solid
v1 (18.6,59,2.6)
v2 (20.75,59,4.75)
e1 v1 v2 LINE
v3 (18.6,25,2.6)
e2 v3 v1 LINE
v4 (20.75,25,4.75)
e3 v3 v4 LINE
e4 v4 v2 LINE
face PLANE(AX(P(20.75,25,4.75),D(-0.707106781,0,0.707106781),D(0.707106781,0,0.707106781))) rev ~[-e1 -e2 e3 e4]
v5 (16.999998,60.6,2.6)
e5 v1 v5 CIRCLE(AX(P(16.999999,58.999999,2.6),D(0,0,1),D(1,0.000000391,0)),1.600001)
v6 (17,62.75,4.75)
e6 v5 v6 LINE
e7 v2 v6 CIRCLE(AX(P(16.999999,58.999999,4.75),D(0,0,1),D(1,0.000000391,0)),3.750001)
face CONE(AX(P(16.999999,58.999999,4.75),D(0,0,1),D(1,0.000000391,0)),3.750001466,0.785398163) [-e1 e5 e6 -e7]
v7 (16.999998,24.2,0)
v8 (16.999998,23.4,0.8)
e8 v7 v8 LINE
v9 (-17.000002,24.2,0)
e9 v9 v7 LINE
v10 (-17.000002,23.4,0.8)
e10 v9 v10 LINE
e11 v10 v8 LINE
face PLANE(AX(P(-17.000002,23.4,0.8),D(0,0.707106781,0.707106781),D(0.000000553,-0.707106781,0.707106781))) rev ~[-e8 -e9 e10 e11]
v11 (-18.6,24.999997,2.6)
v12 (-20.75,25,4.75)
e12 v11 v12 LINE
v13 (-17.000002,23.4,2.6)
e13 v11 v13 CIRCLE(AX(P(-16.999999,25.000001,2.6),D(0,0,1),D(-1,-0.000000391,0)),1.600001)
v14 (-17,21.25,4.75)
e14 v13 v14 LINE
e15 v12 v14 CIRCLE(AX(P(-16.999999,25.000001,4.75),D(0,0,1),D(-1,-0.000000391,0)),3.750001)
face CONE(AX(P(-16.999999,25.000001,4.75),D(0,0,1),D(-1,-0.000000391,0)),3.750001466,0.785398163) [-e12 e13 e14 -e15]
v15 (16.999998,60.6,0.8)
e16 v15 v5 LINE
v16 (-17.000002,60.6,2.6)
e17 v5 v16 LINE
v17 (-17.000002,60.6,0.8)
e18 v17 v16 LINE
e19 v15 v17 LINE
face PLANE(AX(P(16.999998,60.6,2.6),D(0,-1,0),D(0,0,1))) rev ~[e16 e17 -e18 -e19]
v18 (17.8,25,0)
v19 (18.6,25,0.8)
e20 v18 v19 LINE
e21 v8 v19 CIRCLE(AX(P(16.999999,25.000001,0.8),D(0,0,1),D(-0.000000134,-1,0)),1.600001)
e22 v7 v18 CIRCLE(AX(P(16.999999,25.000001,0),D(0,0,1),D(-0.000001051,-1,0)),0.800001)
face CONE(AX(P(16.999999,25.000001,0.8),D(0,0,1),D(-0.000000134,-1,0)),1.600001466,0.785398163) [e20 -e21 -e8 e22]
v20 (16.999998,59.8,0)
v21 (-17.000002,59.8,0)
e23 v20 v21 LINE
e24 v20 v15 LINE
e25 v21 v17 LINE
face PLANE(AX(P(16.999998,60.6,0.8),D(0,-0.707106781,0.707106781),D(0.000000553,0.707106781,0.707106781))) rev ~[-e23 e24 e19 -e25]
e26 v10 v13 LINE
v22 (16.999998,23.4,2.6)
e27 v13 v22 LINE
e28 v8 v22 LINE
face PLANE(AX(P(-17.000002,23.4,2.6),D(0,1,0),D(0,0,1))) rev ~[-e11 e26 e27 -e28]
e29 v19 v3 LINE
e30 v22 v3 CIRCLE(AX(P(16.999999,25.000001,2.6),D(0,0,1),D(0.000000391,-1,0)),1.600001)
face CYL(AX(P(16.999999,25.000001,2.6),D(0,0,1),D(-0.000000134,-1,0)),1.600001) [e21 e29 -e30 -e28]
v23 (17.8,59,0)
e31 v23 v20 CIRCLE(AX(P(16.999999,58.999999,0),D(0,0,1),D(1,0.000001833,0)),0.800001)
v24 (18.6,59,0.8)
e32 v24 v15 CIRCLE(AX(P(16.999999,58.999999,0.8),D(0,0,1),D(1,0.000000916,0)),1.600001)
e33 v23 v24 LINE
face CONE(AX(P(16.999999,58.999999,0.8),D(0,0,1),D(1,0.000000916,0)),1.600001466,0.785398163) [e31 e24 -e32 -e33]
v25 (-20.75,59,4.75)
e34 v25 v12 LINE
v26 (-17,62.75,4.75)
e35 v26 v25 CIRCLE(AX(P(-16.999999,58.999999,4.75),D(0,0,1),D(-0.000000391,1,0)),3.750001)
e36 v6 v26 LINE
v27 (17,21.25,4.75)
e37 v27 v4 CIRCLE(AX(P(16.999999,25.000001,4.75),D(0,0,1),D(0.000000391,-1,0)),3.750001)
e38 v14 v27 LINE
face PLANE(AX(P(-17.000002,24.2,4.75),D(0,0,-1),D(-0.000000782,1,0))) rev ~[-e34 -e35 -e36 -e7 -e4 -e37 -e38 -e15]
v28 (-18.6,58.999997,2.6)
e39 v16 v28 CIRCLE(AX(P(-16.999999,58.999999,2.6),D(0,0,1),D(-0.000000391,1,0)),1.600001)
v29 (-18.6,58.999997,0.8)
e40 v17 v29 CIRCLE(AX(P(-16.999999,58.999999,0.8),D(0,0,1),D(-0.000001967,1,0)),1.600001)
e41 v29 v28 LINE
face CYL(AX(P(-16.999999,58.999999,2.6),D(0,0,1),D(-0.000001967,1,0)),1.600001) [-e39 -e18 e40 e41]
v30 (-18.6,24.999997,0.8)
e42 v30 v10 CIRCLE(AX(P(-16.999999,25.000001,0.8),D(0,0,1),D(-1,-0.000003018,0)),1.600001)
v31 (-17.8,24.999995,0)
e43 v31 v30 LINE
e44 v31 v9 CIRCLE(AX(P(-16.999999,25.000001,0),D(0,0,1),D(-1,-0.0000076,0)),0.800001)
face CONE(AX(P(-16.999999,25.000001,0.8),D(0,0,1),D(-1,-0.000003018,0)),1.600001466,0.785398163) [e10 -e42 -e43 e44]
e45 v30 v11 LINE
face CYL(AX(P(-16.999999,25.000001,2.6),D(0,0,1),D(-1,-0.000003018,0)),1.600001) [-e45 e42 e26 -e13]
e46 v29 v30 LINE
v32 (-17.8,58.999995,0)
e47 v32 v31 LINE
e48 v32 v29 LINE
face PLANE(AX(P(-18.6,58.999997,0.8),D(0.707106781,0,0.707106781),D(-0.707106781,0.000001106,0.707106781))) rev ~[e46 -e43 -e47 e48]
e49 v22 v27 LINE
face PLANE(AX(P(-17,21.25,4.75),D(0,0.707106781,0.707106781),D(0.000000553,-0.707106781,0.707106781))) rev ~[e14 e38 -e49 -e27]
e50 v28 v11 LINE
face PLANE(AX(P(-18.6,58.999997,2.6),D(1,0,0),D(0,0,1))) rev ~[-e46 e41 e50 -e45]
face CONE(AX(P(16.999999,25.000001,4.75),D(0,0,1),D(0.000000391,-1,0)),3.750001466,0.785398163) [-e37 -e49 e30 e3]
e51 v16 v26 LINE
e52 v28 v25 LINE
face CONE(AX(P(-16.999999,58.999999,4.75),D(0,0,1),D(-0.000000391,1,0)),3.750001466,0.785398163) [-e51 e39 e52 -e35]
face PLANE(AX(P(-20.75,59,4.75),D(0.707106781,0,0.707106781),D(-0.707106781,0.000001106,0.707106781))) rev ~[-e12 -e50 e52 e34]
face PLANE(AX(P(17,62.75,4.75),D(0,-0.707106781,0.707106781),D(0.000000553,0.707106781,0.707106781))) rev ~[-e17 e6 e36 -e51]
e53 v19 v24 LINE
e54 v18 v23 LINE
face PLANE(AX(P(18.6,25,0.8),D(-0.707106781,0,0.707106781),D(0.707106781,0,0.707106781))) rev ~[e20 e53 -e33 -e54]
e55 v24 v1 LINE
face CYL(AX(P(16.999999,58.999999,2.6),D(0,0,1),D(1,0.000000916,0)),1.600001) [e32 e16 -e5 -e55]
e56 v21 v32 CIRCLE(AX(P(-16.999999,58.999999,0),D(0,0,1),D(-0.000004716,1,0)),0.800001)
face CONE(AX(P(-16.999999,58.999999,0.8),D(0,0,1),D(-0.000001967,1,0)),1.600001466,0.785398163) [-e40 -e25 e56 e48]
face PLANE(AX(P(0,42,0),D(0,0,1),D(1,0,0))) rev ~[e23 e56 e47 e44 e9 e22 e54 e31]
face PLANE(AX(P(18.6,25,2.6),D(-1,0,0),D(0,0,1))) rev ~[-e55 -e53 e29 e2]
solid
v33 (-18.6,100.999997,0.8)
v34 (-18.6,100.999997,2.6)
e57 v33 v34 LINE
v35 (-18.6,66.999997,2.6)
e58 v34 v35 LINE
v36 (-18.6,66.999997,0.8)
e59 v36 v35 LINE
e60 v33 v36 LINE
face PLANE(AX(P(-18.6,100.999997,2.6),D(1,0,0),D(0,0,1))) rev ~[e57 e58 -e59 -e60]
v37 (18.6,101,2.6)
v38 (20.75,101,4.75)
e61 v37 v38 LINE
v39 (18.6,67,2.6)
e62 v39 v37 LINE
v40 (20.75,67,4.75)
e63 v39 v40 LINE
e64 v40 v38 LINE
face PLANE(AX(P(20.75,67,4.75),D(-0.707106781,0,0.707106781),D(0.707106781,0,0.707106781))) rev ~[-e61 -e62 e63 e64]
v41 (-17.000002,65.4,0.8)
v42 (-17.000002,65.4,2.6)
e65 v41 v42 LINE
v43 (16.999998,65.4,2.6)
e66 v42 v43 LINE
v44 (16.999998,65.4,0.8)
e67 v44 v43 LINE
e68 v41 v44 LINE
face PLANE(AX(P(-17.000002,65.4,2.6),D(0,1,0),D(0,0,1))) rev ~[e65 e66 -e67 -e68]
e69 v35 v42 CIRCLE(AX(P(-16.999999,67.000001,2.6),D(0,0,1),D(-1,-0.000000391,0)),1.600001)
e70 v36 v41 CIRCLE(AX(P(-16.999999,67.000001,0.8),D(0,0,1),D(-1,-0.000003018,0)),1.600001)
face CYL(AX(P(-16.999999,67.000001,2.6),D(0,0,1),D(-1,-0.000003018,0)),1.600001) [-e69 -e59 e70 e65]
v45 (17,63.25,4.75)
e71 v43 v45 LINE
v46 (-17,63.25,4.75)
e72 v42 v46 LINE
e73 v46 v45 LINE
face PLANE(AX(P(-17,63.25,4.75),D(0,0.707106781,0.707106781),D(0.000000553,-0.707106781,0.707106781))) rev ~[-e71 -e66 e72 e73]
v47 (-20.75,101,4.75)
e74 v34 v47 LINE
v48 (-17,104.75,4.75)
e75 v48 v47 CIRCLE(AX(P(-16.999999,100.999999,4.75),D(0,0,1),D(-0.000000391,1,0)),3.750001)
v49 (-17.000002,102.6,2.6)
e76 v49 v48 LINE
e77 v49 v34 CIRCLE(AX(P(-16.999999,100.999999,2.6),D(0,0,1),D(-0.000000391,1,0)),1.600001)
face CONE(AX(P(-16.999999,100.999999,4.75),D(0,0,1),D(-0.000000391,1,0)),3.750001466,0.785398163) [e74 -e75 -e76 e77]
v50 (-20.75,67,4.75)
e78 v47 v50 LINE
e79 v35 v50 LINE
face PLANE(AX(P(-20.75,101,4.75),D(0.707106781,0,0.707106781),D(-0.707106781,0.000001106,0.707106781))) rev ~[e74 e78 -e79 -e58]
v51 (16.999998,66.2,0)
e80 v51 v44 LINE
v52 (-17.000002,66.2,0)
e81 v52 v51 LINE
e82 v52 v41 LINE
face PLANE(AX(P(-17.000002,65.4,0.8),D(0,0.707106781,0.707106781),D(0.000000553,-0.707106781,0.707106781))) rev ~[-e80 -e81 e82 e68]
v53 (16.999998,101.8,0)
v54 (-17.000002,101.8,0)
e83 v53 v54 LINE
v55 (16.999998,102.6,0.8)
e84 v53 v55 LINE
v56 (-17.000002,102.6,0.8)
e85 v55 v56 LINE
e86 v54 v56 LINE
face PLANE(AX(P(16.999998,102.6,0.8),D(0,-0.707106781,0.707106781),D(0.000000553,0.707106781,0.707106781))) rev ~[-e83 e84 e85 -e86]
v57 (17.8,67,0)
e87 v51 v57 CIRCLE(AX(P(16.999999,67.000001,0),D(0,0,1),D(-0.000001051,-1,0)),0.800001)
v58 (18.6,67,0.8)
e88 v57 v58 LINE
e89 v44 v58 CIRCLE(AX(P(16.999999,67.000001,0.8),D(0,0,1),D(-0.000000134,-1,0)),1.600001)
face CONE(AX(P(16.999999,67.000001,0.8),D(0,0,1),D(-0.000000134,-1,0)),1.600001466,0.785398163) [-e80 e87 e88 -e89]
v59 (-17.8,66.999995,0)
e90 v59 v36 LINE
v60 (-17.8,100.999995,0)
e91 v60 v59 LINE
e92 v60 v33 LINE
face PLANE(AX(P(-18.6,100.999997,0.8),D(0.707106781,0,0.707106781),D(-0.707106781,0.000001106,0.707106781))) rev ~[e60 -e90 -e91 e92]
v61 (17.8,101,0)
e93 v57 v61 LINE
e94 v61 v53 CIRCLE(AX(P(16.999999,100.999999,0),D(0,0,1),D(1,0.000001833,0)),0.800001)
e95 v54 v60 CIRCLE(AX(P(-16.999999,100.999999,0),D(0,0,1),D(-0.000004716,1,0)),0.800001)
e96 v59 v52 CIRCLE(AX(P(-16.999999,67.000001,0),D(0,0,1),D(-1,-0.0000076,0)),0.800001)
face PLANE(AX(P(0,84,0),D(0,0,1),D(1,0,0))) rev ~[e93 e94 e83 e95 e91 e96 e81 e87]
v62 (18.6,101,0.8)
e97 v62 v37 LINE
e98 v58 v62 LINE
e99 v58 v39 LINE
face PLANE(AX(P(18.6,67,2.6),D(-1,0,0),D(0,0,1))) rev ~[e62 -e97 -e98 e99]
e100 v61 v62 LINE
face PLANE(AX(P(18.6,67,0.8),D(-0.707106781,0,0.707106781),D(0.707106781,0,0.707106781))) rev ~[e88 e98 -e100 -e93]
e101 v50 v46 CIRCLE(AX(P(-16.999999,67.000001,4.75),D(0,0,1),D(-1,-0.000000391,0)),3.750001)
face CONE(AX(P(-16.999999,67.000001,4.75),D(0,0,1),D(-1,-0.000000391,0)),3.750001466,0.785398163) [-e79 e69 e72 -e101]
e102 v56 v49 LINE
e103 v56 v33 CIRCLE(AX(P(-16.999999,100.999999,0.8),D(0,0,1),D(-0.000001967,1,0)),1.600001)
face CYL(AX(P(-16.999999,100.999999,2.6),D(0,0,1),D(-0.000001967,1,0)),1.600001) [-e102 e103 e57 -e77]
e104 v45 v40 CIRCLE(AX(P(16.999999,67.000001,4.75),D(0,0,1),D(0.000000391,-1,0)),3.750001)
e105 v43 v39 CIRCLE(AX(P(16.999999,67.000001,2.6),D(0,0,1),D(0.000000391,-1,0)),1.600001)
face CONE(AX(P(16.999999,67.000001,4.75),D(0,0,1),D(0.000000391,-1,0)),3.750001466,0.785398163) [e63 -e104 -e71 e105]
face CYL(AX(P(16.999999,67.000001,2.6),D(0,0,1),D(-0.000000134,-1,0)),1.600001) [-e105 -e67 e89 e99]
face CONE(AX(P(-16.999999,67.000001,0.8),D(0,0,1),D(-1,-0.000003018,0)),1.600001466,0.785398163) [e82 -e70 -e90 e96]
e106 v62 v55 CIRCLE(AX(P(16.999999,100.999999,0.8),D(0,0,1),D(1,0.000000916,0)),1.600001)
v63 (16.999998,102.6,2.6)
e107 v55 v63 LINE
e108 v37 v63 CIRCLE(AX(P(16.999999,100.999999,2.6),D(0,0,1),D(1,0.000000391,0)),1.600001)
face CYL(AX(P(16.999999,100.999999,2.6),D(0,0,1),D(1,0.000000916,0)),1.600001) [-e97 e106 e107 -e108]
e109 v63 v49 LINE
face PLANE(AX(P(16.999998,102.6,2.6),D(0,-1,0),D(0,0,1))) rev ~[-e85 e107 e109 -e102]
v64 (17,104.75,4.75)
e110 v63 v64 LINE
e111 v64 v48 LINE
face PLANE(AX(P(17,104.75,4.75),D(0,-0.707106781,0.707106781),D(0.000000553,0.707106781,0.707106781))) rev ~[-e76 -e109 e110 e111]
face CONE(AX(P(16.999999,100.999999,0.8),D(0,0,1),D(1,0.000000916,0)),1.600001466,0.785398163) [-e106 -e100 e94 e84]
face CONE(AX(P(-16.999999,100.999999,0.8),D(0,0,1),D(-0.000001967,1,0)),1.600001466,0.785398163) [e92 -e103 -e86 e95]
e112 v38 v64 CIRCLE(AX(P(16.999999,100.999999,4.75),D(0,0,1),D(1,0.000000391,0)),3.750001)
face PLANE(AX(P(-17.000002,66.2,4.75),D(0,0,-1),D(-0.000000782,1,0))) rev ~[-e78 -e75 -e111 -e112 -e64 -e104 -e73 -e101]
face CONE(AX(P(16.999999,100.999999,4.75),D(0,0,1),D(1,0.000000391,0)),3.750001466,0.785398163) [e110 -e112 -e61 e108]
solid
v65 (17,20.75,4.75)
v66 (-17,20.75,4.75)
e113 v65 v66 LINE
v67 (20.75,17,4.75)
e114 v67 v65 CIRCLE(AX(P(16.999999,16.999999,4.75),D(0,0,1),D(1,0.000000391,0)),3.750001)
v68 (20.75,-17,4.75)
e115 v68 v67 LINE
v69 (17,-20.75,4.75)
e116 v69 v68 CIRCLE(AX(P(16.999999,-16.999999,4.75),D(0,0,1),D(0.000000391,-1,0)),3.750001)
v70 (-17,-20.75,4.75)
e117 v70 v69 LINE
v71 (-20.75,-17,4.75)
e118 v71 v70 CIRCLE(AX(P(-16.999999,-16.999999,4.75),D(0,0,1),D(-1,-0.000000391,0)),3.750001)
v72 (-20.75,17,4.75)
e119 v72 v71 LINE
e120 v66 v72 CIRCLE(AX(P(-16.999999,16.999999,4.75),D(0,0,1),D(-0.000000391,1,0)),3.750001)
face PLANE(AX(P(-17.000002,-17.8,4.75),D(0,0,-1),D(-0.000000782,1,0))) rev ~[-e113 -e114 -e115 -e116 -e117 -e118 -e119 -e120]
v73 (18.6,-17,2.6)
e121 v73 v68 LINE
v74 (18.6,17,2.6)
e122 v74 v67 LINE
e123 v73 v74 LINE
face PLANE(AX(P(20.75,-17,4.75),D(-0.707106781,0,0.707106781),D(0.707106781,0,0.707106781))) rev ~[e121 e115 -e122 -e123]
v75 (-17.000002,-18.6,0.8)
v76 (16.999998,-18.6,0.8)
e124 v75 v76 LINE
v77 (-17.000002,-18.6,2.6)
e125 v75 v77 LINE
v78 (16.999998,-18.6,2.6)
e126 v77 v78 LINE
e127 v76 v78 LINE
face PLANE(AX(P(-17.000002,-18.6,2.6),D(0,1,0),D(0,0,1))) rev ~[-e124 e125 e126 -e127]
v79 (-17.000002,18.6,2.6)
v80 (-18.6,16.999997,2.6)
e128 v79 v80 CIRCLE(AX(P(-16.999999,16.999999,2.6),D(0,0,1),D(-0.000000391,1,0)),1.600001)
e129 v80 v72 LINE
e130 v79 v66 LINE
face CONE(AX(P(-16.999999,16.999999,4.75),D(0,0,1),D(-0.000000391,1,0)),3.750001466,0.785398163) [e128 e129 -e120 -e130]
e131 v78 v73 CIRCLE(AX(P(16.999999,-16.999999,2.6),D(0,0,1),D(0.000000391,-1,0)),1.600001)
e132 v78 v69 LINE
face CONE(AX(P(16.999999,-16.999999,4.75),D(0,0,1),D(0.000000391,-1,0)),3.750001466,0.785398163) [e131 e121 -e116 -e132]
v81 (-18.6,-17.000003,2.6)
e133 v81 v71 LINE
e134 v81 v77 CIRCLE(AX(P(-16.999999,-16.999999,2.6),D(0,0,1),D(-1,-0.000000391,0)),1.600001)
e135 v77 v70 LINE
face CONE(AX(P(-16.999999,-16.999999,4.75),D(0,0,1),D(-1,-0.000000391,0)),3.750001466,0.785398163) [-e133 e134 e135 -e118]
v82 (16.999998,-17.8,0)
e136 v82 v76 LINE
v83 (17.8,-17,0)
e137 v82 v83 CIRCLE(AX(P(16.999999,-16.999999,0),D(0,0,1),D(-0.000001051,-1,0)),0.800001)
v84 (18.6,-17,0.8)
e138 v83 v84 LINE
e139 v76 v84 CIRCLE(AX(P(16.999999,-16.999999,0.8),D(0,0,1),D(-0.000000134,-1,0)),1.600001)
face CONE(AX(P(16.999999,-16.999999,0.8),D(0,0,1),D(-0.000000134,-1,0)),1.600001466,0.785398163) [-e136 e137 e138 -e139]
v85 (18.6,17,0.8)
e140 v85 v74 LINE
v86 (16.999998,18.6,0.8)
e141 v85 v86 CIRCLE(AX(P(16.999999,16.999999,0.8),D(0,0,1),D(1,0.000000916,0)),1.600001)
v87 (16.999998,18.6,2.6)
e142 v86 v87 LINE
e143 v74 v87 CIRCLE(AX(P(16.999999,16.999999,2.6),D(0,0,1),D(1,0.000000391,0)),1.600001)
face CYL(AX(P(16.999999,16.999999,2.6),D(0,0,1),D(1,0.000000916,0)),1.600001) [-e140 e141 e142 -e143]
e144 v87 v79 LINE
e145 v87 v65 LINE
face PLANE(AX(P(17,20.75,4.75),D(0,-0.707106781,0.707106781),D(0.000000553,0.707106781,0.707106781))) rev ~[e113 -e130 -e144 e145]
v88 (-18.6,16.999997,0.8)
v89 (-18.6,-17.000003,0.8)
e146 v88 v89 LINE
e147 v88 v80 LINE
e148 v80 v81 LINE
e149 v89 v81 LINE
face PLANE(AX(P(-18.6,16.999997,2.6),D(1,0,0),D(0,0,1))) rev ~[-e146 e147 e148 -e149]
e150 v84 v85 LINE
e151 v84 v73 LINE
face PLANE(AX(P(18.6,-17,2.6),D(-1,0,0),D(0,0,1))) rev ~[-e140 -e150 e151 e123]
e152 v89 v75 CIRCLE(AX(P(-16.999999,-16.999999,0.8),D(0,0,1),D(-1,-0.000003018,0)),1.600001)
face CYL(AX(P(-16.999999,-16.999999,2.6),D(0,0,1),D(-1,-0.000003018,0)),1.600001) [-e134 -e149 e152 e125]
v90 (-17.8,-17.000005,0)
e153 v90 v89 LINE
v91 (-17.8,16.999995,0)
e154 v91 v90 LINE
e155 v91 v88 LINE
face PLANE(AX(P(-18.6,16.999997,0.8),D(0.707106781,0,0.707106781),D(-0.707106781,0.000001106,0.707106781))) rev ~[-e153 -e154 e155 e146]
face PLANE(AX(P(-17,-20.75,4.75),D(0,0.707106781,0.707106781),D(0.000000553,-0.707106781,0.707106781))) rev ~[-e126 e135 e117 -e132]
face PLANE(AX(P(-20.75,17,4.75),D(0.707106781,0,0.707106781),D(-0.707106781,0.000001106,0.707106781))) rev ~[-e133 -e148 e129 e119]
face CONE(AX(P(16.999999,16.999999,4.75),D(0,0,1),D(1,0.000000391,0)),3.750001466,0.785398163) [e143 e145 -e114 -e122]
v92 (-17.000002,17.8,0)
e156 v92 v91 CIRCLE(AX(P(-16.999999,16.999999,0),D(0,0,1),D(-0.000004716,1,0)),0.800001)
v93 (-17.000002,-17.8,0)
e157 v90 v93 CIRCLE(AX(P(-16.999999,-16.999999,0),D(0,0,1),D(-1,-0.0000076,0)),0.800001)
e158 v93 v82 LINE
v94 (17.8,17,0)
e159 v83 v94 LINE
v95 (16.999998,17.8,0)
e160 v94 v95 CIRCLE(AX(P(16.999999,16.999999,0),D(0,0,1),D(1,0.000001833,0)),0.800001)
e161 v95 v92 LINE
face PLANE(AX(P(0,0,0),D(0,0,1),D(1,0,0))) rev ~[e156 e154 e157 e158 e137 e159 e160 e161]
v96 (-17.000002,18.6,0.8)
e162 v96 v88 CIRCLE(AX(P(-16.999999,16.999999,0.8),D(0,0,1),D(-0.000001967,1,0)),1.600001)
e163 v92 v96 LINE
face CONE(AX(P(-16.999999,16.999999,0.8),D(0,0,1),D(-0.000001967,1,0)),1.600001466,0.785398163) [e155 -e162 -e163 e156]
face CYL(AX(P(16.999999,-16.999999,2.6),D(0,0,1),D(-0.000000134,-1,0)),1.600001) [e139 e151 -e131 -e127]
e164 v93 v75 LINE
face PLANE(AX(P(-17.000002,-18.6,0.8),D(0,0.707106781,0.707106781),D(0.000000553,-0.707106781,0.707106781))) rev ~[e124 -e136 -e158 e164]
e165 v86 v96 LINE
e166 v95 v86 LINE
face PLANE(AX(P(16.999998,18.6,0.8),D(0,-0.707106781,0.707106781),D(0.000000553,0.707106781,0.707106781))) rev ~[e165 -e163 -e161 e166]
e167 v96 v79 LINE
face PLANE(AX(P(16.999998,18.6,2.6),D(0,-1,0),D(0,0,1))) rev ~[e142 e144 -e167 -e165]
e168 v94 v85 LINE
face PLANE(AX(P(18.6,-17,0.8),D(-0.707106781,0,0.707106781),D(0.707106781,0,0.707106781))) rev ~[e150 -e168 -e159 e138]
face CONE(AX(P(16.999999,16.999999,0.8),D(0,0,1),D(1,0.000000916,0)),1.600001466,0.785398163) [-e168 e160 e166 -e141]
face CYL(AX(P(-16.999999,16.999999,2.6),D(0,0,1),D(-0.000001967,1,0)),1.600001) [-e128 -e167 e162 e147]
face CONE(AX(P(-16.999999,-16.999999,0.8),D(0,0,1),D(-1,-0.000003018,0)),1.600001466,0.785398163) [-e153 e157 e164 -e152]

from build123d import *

# Parameters (mm, degrees)
PAD001_DEPTH           = 4.75
LINEARPATTERN003_COUNT = 3
LINEARPATTERN003_PITCH = 42


with BuildPart() as part:
    # AdditivePipe: sweep along a path in Sketch004
    with BuildLine(Plane.XY) as additivepipe_path:
        Line((-17, -20.75), (17, -20.75))
        ThreePointArc((17, -20.75), (19.65165, -19.65165), (20.75, -17))
        Line((20.75, -17), (20.75, 17))
        ThreePointArc((20.75, 17), (19.65165, 19.65165), (17, 20.75))
        Line((17, 20.75), (-17, 20.75))
        ThreePointArc((-17, 20.75), (-19.65165, 19.65165), (-20.75, 17))
        Line((-20.75, 17), (-20.75, -17))
        ThreePointArc((-20.75, -17), (-19.65165, -19.65165), (-17, -20.75))
    # Sketch005 → AdditivePipe (sweep)
    with BuildSketch(Plane.XZ):
        Polygon((20.75, 4.75), (18.6, 2.6), (18.6, 0.8), (17.8, 0), (17.8, 4.75), align=None)
    additivepipe = sweep(path=additivepipe_path.line)

    # Sketch006 → Pad001 (new body)
    with BuildSketch(Plane.XY):
        with BuildLine():
            Line((-17, -17.8), (17, -17.8))
            ThreePointArc((17, -17.8), (17.565685, -17.565685), (17.8, -17))
            Line((17.8, -17), (17.8, 17))
            ThreePointArc((17.8, 17), (17.565685, 17.565685), (17, 17.8))
            Line((17, 17.8), (-17, 17.8))
            ThreePointArc((-17, 17.8), (-17.565685, 17.565685), (-17.8, 17))
            Line((-17.8, 17), (-17.8, -17))
            ThreePointArc((-17.8, -17), (-17.565685, -17.565685), (-17, -17.8))
        make_face()
    pad001 = extrude(amount=PAD001_DEPTH)

    # LinearPattern003: AdditivePipe, Pad001 ×3
    with Locations(*[(0, i * LINEARPATTERN003_PITCH, 0) for i in range(1, LINEARPATTERN003_COUNT)]):
        add(additivepipe)
        add(pad001)


solid = part.part
